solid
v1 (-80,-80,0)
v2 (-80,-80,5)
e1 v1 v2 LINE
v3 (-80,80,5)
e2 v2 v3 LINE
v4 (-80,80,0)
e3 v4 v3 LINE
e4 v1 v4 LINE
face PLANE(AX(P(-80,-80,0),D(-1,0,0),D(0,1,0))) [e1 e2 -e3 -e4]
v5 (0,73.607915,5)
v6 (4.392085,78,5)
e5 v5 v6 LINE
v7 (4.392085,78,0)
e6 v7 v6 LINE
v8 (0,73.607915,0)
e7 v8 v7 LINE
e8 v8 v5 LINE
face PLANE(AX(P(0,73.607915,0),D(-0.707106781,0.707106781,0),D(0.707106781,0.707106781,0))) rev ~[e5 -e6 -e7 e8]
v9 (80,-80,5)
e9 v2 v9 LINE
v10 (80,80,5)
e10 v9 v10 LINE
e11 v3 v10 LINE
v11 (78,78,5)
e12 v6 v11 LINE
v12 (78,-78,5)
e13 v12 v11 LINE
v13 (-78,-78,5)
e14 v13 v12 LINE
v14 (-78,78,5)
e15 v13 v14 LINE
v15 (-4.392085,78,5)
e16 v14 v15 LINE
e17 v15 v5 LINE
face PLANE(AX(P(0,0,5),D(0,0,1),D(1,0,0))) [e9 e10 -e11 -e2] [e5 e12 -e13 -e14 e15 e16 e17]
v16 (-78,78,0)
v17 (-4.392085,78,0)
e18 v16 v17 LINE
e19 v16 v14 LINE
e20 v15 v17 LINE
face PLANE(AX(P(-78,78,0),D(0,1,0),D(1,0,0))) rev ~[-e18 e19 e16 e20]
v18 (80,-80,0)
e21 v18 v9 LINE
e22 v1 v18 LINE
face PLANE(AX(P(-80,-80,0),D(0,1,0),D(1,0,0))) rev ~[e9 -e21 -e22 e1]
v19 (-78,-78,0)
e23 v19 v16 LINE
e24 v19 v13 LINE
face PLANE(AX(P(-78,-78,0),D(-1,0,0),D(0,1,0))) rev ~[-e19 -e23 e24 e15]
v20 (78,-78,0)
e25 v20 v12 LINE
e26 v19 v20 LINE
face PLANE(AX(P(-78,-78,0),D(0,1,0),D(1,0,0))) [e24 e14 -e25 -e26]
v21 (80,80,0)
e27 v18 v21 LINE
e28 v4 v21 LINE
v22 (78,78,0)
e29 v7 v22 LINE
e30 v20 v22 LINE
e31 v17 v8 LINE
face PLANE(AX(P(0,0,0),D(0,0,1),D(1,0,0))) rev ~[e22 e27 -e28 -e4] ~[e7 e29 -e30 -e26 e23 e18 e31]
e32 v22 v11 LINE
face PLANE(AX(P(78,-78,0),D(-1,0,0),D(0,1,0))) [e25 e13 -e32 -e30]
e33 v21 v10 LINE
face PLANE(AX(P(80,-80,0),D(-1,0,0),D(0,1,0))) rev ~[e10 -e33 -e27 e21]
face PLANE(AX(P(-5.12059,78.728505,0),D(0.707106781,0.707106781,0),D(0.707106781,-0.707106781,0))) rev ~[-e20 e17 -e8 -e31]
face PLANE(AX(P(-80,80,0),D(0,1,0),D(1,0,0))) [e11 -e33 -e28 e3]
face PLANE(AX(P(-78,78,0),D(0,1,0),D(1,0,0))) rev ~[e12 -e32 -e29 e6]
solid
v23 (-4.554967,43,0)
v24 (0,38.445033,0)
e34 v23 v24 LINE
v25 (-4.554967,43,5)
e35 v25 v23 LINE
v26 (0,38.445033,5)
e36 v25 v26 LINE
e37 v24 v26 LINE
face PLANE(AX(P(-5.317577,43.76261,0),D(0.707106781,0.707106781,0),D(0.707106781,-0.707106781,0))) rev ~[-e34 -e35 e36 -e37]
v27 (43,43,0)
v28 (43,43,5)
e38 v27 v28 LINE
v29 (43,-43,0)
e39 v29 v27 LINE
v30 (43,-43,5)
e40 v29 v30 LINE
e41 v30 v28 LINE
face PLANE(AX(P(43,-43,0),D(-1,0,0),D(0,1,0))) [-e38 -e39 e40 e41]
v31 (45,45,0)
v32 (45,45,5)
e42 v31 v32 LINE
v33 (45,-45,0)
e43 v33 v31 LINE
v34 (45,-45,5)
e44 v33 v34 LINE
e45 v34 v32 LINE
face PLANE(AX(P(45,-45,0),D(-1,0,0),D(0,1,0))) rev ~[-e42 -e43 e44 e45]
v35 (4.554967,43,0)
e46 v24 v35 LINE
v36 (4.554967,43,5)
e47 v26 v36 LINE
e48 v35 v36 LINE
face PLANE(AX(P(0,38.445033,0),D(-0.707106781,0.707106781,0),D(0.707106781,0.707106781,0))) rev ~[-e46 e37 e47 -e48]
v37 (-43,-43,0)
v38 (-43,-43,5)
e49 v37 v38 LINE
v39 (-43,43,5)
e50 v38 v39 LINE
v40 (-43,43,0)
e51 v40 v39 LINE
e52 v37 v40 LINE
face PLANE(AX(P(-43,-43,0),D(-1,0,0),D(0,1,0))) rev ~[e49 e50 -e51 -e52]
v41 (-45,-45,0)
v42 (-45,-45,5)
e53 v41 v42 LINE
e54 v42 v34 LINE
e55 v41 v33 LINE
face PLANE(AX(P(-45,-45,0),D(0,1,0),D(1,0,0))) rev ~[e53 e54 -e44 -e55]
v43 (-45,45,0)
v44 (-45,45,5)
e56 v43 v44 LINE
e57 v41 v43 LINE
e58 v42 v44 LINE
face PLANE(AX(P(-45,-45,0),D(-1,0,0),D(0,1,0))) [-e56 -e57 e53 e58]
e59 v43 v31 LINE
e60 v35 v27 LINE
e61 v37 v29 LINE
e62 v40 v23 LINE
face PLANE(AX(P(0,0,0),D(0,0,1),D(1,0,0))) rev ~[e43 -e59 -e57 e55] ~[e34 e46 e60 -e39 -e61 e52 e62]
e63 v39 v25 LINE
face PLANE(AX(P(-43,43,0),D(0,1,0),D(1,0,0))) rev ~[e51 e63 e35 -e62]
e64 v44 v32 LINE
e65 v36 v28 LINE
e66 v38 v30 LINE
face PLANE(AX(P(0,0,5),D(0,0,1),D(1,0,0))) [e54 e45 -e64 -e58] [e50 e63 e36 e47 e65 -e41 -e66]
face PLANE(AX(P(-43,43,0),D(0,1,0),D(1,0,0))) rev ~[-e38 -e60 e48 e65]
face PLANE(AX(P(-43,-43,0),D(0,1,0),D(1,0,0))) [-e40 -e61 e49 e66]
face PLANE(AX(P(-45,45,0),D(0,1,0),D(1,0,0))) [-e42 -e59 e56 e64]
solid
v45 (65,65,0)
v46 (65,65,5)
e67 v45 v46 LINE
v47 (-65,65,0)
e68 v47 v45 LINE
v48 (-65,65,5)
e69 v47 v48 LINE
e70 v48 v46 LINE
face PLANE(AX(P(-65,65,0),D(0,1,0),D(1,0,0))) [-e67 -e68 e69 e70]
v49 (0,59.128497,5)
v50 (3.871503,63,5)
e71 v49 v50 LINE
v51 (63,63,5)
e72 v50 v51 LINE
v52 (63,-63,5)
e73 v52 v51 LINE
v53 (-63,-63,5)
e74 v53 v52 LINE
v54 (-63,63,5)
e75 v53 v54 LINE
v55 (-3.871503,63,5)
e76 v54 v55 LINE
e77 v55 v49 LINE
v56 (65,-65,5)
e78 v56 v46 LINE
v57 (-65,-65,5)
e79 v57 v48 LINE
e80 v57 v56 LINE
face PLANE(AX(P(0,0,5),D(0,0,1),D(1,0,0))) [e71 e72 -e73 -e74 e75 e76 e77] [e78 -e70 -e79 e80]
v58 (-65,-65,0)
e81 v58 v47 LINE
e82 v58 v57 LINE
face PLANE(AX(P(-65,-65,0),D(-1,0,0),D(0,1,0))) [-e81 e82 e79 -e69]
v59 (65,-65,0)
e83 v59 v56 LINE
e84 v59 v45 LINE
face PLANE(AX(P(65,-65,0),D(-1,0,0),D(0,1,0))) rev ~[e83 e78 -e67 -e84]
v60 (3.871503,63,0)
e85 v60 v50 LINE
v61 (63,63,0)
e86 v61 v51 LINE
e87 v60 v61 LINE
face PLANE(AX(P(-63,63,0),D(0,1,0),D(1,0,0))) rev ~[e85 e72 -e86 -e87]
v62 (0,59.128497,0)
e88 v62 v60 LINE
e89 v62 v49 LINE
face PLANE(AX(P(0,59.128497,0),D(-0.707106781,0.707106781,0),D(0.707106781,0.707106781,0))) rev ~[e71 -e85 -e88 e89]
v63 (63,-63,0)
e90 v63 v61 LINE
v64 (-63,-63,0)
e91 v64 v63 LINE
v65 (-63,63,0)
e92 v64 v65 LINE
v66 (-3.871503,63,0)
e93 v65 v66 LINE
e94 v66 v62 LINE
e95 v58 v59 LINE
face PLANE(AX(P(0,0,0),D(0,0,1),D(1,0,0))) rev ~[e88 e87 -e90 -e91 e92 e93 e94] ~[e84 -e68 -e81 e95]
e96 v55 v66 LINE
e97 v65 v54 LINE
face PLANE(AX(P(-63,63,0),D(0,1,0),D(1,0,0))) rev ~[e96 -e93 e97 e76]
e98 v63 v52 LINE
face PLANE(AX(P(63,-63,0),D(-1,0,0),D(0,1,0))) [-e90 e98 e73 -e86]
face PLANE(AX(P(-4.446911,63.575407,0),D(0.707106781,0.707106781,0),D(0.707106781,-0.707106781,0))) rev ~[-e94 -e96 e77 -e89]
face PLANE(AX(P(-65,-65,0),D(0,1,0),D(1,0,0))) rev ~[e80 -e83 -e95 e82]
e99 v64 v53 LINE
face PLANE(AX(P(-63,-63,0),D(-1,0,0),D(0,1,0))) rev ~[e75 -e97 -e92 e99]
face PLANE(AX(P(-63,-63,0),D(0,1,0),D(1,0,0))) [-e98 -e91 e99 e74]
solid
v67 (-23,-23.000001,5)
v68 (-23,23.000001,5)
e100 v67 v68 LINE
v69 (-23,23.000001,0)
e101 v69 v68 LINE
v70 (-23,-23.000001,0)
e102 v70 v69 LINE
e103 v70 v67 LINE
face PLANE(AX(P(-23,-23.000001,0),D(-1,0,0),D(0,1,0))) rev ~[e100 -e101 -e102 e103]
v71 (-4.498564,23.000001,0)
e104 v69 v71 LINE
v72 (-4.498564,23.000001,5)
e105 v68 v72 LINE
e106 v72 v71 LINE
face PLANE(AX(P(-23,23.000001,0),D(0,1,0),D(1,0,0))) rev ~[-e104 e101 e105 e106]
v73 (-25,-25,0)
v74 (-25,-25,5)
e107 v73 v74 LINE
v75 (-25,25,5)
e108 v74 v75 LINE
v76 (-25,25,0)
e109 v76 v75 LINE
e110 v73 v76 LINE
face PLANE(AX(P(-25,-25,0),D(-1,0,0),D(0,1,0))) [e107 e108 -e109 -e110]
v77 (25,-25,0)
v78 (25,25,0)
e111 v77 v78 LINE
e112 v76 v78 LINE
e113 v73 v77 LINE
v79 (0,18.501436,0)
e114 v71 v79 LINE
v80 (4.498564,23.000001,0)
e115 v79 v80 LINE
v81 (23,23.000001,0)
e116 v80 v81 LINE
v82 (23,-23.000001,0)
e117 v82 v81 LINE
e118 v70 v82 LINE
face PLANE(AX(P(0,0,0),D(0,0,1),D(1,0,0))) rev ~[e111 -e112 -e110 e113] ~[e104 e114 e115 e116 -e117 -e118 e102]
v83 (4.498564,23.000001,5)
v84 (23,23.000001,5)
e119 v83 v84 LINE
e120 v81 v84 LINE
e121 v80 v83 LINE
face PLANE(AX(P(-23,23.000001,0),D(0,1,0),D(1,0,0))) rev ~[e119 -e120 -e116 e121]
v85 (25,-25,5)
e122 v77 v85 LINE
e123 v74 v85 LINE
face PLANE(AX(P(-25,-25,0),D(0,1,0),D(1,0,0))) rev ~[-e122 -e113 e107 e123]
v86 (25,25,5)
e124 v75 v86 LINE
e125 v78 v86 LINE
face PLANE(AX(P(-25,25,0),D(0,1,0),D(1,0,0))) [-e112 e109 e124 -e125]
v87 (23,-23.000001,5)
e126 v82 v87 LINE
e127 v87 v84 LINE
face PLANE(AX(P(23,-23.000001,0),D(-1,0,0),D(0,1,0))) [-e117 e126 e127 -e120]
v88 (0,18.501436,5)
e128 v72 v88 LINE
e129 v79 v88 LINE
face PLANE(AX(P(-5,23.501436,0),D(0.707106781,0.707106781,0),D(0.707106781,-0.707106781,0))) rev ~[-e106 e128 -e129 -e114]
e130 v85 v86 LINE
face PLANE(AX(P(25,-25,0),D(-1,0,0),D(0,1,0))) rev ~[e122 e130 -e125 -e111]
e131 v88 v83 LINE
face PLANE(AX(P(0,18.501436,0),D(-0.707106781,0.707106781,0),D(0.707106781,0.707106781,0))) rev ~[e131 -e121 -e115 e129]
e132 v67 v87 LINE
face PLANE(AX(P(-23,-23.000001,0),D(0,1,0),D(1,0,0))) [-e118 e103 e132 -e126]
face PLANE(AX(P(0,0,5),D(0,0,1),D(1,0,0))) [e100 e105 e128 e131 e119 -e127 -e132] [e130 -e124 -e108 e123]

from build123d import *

# Parameters (mm, degrees)
F0_W     = 160
F0_H     = 160
F0_W_2   = 156
F0_H_2   = 156
F1_DEPTH = 5
F0_W_3   = 130
F0_H_3   = 130
F0_W_4   = 126
F0_H_4   = 126
F0_W_5   = 90
F0_H_5   = 90
F0_W_6   = 86
F0_H_6   = 86
F0_W_7   = 50
F0_H_7   = 50
F0_W_8   = 46
F0_H_8   = 46.0000012871
F3_DEPTH = 5


with BuildPart() as f1:
    # F0 (on Top) → F1 (new body)
    with BuildSketch(Plane.XY):
        Rectangle(F0_W, F0_H)
        Rectangle(F0_W_2, F0_H_2, mode=Mode.SUBTRACT)
    extrude(amount=F1_DEPTH)

    # F2 (on Top) → F3 (join)
    with BuildSketch(Plane.XY):
        Polygon((0, 73.6079147614), (0, 78.6079147614), (-5.1205901883, 78.7285049497), align=None)
        Polygon((5, 78.6079147614), (0, 78.6079147614), (0, 73.6079147614), align=None)
    extrude(amount=F3_DEPTH)


with BuildPart() as f1b:
    # F0 (on Top) → F1, piece 2 (new body)
    with BuildSketch(Plane.XY):
        Rectangle(F0_W_3, F0_H_3)
        Rectangle(F0_W_4, F0_H_4, mode=Mode.SUBTRACT)
    extrude(amount=F1_DEPTH)

    # F2 (on Top) → F3, piece 2 (join)
    with BuildSketch(Plane.XY):
        Polygon((4.4469106392, 63.5754074351), (0, 64.1284967959), (0, 59.1284967959), align=None)
        Polygon((0, 59.1284967959), (0, 64.1284967959), (-4.4469106392, 63.5754074351), align=None)
    extrude(amount=F3_DEPTH)


with BuildPart() as f1c:
    # F0 (on Top) → F1, piece 3 (new body)
    with BuildSketch(Plane.XY):
        Rectangle(F0_W_5, F0_H_5)
        Rectangle(F0_W_6, F0_H_6, mode=Mode.SUBTRACT)
    extrude(amount=F1_DEPTH)

    # F2 (on Top) → F3, piece 3 (join)
    with BuildSketch(Plane.XY):
        Polygon((0, 38.445033133), (0, 43.445033133), (-5.3175765089, 43.7626096419), align=None)
        Polygon((5, 43.445033133), (0, 43.445033133), (0, 38.445033133), align=None)
    extrude(amount=F3_DEPTH)


with BuildPart() as f1d:
    # F0 (on Top) → F1, piece 4 (new body)
    with BuildSketch(Plane.XY):
        Rectangle(F0_W_7, F0_H_7)
        Rectangle(F0_W_8, F0_H_8, mode=Mode.SUBTRACT)
    extrude(amount=F1_DEPTH)

    # F2 (on Top) → F3, piece 4 (join)
    with BuildSketch(Plane.XY):
        Polygon((0, 18.5014363378), (0, 23.5014363378), (-5, 23.5014363378), align=None)
        Polygon((4.5980428482, 23.0994791861), (0, 23.5014363378), (0, 18.5014363378), align=None)
    extrude(amount=F3_DEPTH)


solid = Compound([f1.part, f1b.part, f1c.part, f1d.part])
